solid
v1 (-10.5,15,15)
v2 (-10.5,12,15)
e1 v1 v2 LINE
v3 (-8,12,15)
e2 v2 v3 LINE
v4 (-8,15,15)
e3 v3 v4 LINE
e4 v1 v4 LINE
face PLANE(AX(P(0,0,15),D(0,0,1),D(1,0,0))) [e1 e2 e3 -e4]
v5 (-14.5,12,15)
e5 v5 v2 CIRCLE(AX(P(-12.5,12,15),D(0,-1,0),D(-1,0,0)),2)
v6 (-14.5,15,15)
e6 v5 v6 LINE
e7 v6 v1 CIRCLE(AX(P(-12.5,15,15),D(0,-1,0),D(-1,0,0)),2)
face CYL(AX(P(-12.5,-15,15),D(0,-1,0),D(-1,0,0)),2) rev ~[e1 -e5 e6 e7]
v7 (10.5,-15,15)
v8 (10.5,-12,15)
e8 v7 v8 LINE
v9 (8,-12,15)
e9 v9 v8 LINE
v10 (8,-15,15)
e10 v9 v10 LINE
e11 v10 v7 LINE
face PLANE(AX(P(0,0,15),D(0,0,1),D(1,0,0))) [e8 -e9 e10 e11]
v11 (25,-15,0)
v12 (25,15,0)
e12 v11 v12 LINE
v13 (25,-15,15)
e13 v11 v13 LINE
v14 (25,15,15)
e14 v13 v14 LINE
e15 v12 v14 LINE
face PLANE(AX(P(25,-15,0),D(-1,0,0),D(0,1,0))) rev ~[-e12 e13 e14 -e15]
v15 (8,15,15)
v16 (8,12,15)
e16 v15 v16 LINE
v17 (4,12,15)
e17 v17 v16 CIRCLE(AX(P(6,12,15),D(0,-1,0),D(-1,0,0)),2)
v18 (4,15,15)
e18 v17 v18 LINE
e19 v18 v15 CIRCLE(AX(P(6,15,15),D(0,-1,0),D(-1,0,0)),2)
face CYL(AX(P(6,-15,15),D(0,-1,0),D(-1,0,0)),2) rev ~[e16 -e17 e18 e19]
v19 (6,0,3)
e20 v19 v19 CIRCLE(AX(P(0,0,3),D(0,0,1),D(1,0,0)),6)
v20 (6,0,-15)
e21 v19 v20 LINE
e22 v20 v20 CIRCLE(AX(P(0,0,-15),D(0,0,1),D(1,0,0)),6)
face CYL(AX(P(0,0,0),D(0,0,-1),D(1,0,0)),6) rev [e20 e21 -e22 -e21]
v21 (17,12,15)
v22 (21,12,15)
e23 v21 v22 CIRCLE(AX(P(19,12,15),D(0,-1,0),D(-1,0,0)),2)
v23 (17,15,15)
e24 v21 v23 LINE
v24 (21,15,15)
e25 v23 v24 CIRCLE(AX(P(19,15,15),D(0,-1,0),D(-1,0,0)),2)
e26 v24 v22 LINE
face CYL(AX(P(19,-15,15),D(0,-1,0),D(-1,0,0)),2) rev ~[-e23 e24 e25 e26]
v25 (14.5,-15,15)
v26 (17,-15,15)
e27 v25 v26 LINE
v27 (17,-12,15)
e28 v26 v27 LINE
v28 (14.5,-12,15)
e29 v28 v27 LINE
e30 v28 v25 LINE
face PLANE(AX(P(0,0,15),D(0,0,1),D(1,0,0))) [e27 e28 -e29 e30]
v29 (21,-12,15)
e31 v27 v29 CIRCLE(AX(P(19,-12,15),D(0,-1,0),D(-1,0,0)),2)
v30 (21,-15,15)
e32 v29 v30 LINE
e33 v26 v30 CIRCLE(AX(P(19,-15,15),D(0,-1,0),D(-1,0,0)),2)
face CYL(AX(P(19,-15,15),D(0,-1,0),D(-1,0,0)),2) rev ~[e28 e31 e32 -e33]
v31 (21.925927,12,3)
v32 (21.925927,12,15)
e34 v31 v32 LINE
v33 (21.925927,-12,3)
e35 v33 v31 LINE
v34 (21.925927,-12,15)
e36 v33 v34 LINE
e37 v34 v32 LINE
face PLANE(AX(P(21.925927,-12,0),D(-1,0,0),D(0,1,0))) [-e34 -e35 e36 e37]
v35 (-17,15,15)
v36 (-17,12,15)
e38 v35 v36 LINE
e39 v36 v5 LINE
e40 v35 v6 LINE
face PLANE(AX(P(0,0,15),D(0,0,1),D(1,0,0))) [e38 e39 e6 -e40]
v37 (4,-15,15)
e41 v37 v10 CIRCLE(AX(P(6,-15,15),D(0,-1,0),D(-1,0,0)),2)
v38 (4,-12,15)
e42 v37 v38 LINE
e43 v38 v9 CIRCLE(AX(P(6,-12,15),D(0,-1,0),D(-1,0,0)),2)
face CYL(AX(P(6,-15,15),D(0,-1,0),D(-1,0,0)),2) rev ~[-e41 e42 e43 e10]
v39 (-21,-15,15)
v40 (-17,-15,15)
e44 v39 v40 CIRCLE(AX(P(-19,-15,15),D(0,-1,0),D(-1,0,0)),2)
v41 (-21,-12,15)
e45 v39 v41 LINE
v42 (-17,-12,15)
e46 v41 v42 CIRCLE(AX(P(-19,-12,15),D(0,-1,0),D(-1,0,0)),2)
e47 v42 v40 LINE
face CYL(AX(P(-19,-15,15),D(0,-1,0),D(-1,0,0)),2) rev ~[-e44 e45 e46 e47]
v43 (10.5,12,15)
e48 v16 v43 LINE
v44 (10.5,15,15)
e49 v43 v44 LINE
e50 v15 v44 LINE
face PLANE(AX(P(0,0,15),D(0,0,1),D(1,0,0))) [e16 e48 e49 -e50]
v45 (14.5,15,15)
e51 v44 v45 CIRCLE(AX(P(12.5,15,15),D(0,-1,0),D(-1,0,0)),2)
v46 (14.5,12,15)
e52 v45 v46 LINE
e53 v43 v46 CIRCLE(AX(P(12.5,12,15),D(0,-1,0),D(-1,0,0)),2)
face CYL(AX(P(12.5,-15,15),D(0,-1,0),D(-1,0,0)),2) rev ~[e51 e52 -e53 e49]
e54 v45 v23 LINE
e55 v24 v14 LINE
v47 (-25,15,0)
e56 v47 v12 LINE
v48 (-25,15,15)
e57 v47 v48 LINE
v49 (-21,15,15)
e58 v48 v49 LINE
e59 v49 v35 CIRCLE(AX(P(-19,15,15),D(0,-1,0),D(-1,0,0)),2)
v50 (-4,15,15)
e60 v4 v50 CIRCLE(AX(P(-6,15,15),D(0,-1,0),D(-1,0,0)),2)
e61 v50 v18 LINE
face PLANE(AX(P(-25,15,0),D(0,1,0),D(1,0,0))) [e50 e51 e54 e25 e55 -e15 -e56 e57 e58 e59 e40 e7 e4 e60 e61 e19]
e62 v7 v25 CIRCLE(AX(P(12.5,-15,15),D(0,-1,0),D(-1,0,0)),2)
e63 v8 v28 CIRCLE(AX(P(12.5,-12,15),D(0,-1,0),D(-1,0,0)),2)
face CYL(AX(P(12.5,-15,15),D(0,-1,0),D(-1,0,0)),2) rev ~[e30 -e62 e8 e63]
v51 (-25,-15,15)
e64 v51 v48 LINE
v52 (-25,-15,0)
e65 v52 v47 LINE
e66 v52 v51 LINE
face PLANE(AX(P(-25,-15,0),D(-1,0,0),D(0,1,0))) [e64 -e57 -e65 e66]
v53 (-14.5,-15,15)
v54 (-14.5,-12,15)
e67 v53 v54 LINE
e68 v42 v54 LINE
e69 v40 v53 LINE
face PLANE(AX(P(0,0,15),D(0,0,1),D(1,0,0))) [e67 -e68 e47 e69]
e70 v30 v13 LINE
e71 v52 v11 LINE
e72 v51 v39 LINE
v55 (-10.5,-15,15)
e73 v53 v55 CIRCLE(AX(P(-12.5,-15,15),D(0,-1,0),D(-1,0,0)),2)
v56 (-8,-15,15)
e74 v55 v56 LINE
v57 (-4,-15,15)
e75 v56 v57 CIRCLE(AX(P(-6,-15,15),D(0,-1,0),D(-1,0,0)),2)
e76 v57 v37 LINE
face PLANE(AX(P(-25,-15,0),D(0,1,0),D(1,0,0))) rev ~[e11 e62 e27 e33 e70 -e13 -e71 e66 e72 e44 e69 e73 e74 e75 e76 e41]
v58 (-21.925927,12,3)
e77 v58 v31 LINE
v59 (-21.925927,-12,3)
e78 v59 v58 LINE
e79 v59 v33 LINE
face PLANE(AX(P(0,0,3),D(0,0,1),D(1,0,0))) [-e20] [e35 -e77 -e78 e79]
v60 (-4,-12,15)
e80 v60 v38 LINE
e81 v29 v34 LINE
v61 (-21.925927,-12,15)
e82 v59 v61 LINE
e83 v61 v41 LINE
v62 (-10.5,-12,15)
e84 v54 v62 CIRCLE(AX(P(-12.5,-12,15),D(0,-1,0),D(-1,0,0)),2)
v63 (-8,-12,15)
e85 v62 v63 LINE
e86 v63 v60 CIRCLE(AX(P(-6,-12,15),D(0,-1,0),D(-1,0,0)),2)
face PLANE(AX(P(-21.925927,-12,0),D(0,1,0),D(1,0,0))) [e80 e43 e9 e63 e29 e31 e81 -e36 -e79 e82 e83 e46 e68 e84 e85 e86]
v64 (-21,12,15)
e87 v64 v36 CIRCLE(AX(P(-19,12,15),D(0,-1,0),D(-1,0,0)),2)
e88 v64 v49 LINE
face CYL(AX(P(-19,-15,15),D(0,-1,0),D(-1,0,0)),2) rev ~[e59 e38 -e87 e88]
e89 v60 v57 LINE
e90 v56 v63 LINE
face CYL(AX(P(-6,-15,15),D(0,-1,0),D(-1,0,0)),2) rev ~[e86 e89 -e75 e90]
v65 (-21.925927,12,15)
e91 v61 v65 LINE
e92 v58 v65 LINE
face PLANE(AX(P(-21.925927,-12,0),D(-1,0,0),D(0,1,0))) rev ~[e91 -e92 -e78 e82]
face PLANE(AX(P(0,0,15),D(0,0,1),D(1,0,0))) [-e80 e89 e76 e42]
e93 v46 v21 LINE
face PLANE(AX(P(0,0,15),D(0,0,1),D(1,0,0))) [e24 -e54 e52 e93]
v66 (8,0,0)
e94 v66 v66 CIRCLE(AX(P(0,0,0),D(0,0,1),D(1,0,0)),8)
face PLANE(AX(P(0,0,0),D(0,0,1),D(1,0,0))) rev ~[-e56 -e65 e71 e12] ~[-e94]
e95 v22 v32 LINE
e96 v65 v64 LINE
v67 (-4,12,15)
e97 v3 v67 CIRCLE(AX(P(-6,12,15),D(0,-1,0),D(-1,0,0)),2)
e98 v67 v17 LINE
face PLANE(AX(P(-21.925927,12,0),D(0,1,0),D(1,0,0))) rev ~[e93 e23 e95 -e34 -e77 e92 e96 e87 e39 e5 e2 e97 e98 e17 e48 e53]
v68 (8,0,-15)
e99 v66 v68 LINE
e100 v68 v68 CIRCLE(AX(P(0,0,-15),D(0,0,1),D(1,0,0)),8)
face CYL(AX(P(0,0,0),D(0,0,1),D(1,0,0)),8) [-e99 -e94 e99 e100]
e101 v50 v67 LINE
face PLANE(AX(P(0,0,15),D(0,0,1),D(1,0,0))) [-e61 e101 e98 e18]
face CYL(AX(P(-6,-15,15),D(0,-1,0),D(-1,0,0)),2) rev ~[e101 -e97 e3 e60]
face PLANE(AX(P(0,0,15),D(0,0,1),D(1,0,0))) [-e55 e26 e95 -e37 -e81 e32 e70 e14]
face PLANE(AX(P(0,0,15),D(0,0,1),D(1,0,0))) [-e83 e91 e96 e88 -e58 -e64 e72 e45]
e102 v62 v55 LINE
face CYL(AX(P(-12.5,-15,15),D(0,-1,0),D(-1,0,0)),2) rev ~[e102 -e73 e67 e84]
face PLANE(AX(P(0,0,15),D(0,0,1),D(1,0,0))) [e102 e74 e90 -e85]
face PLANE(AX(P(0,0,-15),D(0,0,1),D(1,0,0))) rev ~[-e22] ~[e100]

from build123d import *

# Parameters (mm, degrees)
F0_W          = 50
F0_H          = 30
F0_W_2        = 43.8518549643
F0_H_2        = 24
F1_DEPTH      = 15
F0_R          = 8
F2_DEPTH      = 3
F0_R_2        = 6
F3_DEPTH      = 15
F3_DEPTH_BACK = 3
F5_DEPTH      = 46.6


with BuildPart() as f1:
    # F0 (on Top) → F1 (new body)
    with BuildSketch(Plane.XY):
        Rectangle(F0_W, F0_H)
        Rectangle(F0_W_2, F0_H_2, mode=Mode.SUBTRACT)
    extrude(amount=F1_DEPTH)

    # F0 (on Top) → F2 (join)
    with BuildSketch(Plane.XY):
        Rectangle(F0_W_2, F0_H_2)
        Circle(F0_R, mode=Mode.SUBTRACT)
    extrude(amount=F2_DEPTH)

    # F0 (on Top) → F3 (join, two sides)
    with BuildSketch(Plane.XY) as f3_sk:
        Circle(F0_R)
        Circle(F0_R_2, mode=Mode.SUBTRACT)
    extrude(amount=-F3_DEPTH)
    extrude(f3_sk.sketch, amount=F3_DEPTH_BACK)

    # F4 (on face) → F5 (cut)
    with BuildSketch(Plane.XZ.offset(15)):
        with BuildLine():
            ThreePointArc((-17, 15), (-19, 17), (-21, 15))
            Line((-21, 15), (-17, 15))
        make_face()
        with BuildLine():
            ThreePointArc((21, 15), (19, 17), (17, 15))
            Line((17, 15), (21, 15))
        make_face()
        with BuildLine():
            Line((21, 15), (17, 15))
            ThreePointArc((17, 15), (19, 13), (21, 15))
        make_face()
        with BuildLine():
            ThreePointArc((14.5, 15), (12.5, 17), (10.5, 15))
            Line((10.5, 15), (14.5, 15))
        make_face()
        with BuildLine():
            Line((14.5, 15), (10.5, 15))
            ThreePointArc((10.5, 15), (12.5, 13), (14.5, 15))
        make_face()
        with BuildLine():
            ThreePointArc((8, 15), (6, 17), (4, 15))
            Line((4, 15), (8, 15))
        make_face()
        with BuildLine():
            Line((8, 15), (4, 15))
            ThreePointArc((4, 15), (6, 13), (8, 15))
        make_face()
        with BuildLine():
            ThreePointArc((-4, 15), (-6, 17), (-8, 15))
            Line((-8, 15), (-4, 15))
        make_face()
        with BuildLine():
            Line((-4, 15), (-8, 15))
            ThreePointArc((-8, 15), (-6, 13), (-4, 15))
        make_face()
        with BuildLine():
            ThreePointArc((-10.5, 15), (-12.5, 17), (-14.5, 15))
            Line((-14.5, 15), (-10.5, 15))
        make_face()
        with BuildLine():
            Line((-10.5, 15), (-14.5, 15))
            ThreePointArc((-14.5, 15), (-12.5, 13), (-10.5, 15))
        make_face()
        with BuildLine():
            Line((-17, 15), (-21, 15))
            ThreePointArc((-21, 15), (-19, 13), (-17, 15))
        make_face()
    extrude(amount=-F5_DEPTH, mode=Mode.SUBTRACT)


solid = f1.part
